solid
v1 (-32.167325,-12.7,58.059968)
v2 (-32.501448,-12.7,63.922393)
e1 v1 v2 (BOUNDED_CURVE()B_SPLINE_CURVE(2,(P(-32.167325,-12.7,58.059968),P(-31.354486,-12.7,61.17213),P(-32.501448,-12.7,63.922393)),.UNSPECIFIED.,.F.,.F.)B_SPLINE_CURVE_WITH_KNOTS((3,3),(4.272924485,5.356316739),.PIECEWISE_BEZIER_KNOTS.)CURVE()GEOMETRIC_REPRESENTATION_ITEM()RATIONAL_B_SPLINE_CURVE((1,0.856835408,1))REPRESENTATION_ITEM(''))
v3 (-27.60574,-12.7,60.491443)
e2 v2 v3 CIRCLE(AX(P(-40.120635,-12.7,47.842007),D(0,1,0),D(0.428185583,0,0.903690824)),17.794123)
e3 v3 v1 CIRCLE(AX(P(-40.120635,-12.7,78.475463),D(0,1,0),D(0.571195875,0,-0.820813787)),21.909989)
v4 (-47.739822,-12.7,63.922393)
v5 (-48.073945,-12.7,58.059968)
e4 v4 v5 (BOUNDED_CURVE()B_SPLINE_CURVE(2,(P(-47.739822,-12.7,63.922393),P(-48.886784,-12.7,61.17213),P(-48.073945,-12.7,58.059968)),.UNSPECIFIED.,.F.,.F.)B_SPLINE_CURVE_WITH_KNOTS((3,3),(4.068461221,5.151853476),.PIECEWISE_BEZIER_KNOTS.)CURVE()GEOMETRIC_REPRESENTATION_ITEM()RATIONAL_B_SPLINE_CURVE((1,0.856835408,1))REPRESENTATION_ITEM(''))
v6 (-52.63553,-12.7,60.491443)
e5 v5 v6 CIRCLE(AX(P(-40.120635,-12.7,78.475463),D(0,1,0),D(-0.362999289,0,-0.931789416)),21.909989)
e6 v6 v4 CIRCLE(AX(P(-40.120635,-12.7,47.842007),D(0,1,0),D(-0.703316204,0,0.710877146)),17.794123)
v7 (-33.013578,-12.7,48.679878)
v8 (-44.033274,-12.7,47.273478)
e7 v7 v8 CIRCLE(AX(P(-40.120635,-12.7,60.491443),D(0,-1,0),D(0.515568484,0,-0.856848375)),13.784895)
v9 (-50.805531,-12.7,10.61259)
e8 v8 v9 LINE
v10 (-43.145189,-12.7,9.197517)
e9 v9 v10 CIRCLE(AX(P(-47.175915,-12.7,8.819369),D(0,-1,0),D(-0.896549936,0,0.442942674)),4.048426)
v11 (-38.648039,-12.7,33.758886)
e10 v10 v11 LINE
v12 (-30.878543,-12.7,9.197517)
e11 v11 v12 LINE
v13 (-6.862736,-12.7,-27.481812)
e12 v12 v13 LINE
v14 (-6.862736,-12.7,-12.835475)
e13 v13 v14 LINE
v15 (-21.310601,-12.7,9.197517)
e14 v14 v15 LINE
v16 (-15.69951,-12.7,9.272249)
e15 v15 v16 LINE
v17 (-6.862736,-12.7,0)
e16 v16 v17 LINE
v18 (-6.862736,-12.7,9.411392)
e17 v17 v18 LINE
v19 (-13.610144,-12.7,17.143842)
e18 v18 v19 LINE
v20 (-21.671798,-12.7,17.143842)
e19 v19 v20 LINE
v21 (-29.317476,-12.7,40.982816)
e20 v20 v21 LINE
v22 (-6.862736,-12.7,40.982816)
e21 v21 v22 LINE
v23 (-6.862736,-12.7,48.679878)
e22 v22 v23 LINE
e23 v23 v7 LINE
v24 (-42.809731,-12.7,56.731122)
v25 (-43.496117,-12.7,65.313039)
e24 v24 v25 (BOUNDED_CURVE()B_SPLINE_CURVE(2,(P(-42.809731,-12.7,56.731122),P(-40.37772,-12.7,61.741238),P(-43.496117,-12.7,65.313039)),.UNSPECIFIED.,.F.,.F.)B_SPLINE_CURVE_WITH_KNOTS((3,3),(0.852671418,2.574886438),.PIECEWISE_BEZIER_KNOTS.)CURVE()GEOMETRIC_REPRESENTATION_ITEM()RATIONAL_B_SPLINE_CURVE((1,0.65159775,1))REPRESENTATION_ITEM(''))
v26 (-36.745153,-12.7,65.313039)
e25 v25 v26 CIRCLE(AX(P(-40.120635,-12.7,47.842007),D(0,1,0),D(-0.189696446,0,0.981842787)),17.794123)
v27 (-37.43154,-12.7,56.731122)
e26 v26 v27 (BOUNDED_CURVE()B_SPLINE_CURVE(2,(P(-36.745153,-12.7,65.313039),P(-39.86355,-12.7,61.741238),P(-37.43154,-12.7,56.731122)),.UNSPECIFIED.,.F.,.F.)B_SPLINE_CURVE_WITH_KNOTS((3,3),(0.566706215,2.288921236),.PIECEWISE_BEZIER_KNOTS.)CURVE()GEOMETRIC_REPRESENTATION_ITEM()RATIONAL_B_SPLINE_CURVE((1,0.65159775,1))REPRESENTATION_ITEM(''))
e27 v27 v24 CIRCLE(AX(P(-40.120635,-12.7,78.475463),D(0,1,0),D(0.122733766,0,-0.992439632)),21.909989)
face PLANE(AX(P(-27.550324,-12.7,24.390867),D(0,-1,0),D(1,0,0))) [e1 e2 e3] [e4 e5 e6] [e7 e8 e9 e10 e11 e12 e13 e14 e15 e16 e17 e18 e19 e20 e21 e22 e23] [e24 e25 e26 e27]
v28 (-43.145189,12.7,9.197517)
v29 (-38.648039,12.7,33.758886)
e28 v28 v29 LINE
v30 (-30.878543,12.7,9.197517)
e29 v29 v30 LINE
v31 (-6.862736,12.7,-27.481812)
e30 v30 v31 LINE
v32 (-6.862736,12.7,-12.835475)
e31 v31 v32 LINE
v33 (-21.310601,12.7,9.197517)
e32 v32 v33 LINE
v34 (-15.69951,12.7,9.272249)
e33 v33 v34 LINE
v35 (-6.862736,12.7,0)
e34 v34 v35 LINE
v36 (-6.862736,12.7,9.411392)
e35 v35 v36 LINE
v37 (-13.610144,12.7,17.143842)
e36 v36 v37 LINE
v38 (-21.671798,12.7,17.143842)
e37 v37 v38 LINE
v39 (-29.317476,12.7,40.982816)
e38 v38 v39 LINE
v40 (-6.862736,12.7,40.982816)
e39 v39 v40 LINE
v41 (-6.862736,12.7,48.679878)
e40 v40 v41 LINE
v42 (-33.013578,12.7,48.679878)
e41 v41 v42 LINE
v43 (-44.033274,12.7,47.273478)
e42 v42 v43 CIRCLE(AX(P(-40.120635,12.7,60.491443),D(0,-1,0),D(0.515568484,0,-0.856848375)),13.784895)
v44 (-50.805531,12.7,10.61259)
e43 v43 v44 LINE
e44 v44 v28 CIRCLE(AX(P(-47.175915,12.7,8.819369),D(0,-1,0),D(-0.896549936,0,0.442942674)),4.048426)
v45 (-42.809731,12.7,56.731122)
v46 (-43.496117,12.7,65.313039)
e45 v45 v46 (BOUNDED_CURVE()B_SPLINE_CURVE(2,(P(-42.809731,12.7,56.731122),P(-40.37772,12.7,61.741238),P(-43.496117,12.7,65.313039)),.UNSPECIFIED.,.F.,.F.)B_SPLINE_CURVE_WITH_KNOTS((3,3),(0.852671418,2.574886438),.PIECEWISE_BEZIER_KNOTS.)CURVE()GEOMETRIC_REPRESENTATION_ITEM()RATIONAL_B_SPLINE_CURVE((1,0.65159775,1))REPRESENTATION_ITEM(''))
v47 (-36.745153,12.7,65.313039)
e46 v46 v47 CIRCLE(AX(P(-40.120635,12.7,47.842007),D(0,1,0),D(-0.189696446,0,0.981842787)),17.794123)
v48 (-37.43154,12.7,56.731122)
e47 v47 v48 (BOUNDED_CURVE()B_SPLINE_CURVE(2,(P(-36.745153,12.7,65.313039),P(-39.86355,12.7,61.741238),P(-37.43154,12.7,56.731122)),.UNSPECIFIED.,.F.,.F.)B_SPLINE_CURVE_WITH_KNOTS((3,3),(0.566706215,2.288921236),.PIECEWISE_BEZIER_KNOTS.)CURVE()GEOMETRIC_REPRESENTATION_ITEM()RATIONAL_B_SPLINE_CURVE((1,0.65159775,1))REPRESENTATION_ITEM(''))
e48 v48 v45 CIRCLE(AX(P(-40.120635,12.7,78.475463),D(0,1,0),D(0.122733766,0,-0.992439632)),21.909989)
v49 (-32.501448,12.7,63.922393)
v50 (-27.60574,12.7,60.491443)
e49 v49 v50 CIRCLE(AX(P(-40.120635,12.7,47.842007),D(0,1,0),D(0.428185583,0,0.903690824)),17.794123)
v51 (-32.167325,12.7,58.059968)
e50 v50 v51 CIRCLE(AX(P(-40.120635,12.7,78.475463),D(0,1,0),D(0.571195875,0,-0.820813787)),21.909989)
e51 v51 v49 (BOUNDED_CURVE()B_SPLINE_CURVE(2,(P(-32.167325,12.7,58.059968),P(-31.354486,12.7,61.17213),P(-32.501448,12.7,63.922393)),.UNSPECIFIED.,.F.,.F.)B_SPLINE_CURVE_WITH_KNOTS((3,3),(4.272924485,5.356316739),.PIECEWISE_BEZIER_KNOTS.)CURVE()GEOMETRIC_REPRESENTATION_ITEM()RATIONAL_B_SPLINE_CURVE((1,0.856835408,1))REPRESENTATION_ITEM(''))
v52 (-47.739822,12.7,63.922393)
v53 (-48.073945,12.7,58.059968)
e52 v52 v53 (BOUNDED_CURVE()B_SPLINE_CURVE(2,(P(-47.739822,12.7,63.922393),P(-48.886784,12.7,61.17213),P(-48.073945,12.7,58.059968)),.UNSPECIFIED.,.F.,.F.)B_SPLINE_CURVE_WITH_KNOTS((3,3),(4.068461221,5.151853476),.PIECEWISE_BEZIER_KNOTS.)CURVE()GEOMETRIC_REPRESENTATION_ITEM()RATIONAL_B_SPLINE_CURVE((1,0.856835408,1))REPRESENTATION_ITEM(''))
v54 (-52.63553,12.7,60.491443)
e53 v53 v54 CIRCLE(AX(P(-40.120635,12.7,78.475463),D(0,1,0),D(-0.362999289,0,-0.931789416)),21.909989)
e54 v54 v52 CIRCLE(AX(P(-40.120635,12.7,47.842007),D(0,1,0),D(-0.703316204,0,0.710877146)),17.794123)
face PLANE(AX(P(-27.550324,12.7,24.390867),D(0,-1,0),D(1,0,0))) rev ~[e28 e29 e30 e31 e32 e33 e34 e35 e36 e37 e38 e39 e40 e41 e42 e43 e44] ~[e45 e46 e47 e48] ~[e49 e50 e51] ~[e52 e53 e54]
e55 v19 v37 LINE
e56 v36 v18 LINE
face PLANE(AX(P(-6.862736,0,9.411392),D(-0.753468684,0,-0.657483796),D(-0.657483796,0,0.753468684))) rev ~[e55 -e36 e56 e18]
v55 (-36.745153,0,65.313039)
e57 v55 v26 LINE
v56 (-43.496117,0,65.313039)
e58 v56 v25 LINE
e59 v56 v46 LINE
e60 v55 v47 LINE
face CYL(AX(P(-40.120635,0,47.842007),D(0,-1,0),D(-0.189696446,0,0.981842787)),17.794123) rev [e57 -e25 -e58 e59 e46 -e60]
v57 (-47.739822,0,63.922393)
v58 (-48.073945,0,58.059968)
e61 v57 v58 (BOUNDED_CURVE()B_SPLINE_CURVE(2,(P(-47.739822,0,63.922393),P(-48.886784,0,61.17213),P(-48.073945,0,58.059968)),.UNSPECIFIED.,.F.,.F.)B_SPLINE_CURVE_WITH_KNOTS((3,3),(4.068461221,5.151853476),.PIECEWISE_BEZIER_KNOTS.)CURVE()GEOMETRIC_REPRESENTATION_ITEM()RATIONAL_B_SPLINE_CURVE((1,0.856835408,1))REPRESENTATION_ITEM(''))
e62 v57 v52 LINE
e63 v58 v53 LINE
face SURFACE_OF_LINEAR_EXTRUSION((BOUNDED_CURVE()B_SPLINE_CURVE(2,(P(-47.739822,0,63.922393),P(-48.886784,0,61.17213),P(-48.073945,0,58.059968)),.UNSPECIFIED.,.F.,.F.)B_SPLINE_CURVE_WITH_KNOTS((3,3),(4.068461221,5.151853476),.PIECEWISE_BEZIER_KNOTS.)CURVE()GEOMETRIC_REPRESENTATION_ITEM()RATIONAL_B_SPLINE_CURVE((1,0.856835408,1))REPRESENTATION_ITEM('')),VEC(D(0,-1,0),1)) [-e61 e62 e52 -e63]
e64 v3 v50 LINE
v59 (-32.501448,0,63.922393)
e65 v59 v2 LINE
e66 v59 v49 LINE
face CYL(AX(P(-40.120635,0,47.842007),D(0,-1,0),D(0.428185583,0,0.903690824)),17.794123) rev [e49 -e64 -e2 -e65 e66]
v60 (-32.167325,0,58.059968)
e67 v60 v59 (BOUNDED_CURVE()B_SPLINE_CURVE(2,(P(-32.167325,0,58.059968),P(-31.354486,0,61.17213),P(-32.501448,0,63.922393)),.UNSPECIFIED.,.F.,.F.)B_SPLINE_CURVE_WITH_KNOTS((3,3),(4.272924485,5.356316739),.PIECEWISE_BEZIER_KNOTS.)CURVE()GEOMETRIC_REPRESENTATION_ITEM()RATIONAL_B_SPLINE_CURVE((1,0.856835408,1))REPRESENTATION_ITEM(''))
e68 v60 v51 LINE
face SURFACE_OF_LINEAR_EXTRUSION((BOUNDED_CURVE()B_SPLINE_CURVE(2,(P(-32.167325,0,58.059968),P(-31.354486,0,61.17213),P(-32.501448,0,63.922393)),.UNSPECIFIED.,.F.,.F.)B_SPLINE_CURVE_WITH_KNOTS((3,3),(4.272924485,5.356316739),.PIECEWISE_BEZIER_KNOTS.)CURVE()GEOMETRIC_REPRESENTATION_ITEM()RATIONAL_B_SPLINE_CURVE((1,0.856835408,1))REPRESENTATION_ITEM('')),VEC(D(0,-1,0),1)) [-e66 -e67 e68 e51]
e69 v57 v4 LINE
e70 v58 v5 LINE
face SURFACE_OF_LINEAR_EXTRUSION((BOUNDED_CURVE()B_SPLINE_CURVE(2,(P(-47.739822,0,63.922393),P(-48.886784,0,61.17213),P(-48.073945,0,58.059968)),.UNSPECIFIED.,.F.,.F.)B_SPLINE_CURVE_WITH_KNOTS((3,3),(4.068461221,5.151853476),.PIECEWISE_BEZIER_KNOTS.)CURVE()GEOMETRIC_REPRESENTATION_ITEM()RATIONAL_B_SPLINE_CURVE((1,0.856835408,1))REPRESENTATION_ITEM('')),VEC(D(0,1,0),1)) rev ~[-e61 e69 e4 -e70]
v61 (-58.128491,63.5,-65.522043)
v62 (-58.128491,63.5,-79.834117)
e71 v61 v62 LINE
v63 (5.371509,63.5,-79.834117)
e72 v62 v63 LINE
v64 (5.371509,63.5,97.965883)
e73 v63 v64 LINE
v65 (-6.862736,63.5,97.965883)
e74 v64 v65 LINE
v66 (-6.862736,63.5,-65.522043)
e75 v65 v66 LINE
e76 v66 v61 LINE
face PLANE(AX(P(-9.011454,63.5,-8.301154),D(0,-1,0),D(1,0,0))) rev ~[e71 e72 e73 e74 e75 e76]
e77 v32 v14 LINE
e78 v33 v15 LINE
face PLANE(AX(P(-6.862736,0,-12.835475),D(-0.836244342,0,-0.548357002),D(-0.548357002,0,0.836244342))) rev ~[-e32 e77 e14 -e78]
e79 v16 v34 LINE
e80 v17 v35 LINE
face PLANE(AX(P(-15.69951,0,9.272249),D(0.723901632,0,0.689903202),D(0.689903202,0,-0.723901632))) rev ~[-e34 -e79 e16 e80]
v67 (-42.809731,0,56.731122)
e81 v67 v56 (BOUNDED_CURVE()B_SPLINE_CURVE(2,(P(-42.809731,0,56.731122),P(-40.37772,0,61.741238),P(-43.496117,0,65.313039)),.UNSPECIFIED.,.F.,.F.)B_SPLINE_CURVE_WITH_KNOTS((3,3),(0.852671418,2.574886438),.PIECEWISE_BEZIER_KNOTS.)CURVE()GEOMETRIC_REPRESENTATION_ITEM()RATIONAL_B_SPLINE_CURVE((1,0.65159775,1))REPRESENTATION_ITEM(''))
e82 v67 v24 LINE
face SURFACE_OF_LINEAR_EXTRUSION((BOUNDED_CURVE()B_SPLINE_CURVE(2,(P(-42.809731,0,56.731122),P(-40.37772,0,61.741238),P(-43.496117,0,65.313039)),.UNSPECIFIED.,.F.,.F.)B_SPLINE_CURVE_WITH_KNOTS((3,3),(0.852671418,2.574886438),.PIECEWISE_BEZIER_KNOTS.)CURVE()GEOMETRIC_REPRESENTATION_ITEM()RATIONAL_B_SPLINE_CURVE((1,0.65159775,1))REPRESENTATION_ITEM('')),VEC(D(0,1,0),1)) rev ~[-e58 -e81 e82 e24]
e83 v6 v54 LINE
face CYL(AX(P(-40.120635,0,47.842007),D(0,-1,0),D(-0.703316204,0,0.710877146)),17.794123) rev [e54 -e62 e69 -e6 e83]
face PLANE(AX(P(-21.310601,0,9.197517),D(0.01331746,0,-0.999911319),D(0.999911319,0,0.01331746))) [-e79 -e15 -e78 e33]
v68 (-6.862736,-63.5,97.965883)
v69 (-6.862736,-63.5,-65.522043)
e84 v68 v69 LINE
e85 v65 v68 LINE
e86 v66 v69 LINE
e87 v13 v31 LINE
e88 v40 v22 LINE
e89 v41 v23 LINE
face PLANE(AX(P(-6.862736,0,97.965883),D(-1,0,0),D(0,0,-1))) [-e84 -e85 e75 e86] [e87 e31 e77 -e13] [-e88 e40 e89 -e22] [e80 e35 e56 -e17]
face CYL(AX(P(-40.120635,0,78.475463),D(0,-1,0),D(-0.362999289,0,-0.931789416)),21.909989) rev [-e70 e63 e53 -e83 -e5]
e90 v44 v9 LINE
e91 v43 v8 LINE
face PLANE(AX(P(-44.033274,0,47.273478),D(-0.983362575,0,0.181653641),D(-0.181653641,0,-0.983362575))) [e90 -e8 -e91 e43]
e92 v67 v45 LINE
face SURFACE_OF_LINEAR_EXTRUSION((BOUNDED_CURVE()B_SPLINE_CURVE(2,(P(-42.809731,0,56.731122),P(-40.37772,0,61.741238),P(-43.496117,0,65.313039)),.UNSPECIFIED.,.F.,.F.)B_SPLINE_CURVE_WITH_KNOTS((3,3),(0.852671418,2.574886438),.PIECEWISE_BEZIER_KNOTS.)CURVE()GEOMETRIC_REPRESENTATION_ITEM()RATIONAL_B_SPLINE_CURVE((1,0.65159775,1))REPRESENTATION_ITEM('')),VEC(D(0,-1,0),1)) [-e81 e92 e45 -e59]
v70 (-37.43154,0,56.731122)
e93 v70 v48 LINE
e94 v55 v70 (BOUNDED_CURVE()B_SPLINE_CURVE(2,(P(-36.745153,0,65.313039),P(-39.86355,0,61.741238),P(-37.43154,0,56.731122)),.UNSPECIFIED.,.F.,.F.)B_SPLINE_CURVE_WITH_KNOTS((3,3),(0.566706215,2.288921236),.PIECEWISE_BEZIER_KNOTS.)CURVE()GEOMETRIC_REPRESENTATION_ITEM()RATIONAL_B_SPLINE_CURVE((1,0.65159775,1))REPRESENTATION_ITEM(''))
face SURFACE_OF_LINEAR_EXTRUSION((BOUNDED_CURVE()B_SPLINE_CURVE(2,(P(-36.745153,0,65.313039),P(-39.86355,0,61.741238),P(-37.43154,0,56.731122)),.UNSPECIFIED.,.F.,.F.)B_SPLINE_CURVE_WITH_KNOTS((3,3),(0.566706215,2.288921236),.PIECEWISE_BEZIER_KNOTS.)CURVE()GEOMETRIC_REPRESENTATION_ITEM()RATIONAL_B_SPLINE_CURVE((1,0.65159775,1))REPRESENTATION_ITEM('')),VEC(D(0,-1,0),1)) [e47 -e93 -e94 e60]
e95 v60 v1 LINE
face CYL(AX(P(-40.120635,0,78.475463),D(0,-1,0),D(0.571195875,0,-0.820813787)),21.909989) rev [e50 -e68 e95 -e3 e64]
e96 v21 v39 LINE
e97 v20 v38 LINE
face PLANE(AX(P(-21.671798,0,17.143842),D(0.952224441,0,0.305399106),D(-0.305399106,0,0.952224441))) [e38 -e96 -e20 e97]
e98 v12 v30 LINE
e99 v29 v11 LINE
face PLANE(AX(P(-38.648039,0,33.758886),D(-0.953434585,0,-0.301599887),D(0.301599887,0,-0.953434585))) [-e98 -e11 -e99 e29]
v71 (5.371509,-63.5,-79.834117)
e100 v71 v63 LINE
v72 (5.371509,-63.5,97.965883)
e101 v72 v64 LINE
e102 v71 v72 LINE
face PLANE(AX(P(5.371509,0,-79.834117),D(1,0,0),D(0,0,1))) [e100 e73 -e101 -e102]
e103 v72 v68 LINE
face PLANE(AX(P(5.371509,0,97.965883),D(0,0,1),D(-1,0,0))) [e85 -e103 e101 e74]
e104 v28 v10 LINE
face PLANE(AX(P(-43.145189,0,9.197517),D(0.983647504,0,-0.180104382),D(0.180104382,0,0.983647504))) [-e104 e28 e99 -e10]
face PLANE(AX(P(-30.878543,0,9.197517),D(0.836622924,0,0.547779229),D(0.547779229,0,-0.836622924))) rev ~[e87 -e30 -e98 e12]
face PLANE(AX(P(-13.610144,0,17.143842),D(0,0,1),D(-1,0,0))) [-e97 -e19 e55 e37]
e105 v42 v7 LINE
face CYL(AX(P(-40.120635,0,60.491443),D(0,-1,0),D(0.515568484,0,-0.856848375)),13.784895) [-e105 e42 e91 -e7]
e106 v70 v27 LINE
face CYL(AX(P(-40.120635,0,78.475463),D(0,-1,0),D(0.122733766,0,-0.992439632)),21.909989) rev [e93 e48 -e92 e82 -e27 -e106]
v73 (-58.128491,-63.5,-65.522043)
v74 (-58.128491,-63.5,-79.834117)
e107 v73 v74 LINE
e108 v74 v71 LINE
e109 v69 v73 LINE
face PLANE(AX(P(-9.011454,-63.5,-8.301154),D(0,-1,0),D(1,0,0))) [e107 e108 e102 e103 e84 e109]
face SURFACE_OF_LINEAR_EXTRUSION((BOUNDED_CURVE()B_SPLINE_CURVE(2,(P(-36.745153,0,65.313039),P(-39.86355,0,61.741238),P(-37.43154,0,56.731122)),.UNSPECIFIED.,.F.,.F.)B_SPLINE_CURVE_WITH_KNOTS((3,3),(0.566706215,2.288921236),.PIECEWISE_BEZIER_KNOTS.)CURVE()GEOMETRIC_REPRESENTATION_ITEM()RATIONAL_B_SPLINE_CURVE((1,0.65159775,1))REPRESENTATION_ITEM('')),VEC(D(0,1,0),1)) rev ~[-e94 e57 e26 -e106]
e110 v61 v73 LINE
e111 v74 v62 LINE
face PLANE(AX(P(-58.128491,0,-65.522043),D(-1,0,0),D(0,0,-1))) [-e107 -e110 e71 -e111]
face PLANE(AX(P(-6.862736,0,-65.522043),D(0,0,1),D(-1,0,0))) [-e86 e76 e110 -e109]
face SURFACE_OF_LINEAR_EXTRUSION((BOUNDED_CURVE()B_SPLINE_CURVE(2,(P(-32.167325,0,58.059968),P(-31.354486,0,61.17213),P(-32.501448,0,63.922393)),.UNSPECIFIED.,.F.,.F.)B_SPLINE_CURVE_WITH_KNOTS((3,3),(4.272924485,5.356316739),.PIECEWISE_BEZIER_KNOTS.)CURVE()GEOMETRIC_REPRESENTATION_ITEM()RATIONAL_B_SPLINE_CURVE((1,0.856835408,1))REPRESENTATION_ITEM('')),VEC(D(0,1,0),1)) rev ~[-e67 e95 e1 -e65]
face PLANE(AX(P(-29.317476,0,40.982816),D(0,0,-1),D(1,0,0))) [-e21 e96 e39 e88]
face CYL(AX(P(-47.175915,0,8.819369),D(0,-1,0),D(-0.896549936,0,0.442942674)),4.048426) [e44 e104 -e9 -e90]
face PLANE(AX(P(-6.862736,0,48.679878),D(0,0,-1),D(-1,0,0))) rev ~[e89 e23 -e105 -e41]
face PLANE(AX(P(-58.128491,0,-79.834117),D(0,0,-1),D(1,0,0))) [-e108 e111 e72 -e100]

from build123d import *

# Parameters (mm, degrees)
F1_DEPTH      = 63.5
F1_DEPTH_BACK = 63.5
F2_DEPTH      = 12.7
F2_DEPTH_BACK = 12.7


with BuildPart() as f1:
    # F0 (on Front) → F1 (new body, two sides)
    with BuildSketch(Plane.XZ) as f1_sk:
        Polygon((5.371508698, -65.522043058), (5.371508698, 97.9658832341), (-6.8627363071, 97.9658832341), (-6.8627363071, 48.6798776739), (-6.8627363071, 40.9828163683), (-6.8627363071, 9.4113918418), (-6.8627363071, 0), (-6.8627363071, -12.8354746848), (-6.8627363071, -27.4818117807), (-6.8627363071, -65.522043058), (-58.128491302, -65.522043058), (-58.128491302, -79.8341167659), (-6.8627363071, -79.8341167659), (5.371508698, -79.8341167659), align=None)
    extrude(amount=F1_DEPTH)
    extrude(f1_sk.sketch, amount=-F1_DEPTH_BACK)

    # F0 (on Front) → F2 (join, two sides)
    with BuildSketch(Plane.XZ) as f2_sk:
        with BuildLine():
            Line((-6.8627363071, 40.9828163683), (-6.8627363071, 48.6798776739))
            Line((-6.8627363071, 48.6798776739), (-33.0135776846, 48.6798776739))
            ThreePointArc((-33.0135776846, 48.6798776739), (-41.8657904366, 74.1654240795), (-44.0332744745, 47.2734780892))
            Line((-44.0332744745, 47.2734780892), (-50.8055312902, 10.6125895488))
            ThreePointArc((-50.8055312902, 10.6125895488), (-47.911326645, 4.8382984922), (-43.1451888861, 9.1975172982))
            Line((-43.1451888861, 9.1975172982), (-38.6480391026, 33.7588861585))
            Line((-38.6480391026, 33.7588861585), (-30.8785432337, 9.1975172982))
            Line((-30.8785432337, 9.1975172982), (-6.8627363071, -27.4818117807))
            Line((-6.8627363071, -27.4818117807), (-6.8627363071, -12.8354746848))
            Line((-6.8627363071, -12.8354746848), (-21.3106013834, 9.1975172982))
            Line((-21.3106013834, 9.1975172982), (-15.6995095313, 9.2722494155))
            Line((-15.6995095313, 9.2722494155), (-6.8627363071, 0))
            Line((-6.8627363071, 0), (-6.8627363071, 9.4113918418))
            Line((-6.8627363071, 9.4113918418), (-13.6101442425, 17.1438418329))
            Line((-13.6101442425, 17.1438418329), (-21.6717980802, 17.1438418329))
            Line((-21.6717980802, 17.1438418329), (-29.3174761241, 40.9828163683))
            Line((-29.3174761241, 40.9828163683), (-6.8627363071, 40.9828163683))
        make_face()
        with BuildLine():
            ThreePointArc((-48.0739454946, 58.0599678974), (-50.4266953443, 59.1407090556), (-52.635530327, 60.4914426804))
            ThreePointArc((-52.635530327, 60.4914426804), (-50.3327931811, 62.4139887897), (-47.7398221818, 63.9223930132))
            add(Edge.make_bspline(
                [(-47.7398221818, 63.9223930132), (-48.8867841974, 61.1721295429), (-48.0739454946, 58.0599678975)],
                knots=[4.0684612213, 4.0684612213, 4.0684612213, 5.1518534756, 5.1518534756, 5.1518534756], degree=2, weights=[1, 0.856835408, 1]))
        make_face(mode=Mode.SUBTRACT)
        with BuildLine():
            ThreePointArc((-37.4315397632, 56.7311223598), (-40.1206351817, 56.5654747777), (-42.8097306001, 56.7311223598))
            add(Edge.make_bspline(
                [(-42.8097306001, 56.7311223598), (-40.3777204819, 61.7412384639), (-43.4961171085, 65.3130386577)],
                knots=[0.8526714179, 0.8526714179, 0.8526714179, 2.5748864382, 2.5748864382, 2.5748864382], degree=2, weights=[1, 0.6515977499, 1]))
            ThreePointArc((-43.4961171085, 65.3130386577), (-40.1206351817, 65.6361303431), (-36.7451532548, 65.3130386577))
            add(Edge.make_bspline(
                [(-36.7451532548, 65.3130386577), (-39.8635498815, 61.7412384639), (-37.4315397632, 56.7311223598)],
                knots=[0.5667062154, 0.5667062154, 0.5667062154, 2.2889212357, 2.2889212357, 2.2889212357], degree=2, weights=[1, 0.6515977499, 1]))
        make_face(mode=Mode.SUBTRACT)
        with BuildLine():
            ThreePointArc((-32.5014481816, 63.9223930132), (-29.9084771822, 62.4139887897), (-27.6057400363, 60.4914426804))
            ThreePointArc((-27.6057400363, 60.4914426804), (-29.8145750191, 59.1407090556), (-32.1673248687, 58.0599678974))
            add(Edge.make_bspline(
                [(-32.1673248687, 58.0599678975), (-31.3544861659, 61.1721295429), (-32.5014481816, 63.9223930132)],
                knots=[4.2729244852, 4.2729244852, 4.2729244852, 5.3563167394, 5.3563167394, 5.3563167394], degree=2, weights=[1, 0.856835408, 1]))
        make_face(mode=Mode.SUBTRACT)
    extrude(amount=F2_DEPTH)
    extrude(f2_sk.sketch, amount=-F2_DEPTH_BACK)


solid = f1.part
